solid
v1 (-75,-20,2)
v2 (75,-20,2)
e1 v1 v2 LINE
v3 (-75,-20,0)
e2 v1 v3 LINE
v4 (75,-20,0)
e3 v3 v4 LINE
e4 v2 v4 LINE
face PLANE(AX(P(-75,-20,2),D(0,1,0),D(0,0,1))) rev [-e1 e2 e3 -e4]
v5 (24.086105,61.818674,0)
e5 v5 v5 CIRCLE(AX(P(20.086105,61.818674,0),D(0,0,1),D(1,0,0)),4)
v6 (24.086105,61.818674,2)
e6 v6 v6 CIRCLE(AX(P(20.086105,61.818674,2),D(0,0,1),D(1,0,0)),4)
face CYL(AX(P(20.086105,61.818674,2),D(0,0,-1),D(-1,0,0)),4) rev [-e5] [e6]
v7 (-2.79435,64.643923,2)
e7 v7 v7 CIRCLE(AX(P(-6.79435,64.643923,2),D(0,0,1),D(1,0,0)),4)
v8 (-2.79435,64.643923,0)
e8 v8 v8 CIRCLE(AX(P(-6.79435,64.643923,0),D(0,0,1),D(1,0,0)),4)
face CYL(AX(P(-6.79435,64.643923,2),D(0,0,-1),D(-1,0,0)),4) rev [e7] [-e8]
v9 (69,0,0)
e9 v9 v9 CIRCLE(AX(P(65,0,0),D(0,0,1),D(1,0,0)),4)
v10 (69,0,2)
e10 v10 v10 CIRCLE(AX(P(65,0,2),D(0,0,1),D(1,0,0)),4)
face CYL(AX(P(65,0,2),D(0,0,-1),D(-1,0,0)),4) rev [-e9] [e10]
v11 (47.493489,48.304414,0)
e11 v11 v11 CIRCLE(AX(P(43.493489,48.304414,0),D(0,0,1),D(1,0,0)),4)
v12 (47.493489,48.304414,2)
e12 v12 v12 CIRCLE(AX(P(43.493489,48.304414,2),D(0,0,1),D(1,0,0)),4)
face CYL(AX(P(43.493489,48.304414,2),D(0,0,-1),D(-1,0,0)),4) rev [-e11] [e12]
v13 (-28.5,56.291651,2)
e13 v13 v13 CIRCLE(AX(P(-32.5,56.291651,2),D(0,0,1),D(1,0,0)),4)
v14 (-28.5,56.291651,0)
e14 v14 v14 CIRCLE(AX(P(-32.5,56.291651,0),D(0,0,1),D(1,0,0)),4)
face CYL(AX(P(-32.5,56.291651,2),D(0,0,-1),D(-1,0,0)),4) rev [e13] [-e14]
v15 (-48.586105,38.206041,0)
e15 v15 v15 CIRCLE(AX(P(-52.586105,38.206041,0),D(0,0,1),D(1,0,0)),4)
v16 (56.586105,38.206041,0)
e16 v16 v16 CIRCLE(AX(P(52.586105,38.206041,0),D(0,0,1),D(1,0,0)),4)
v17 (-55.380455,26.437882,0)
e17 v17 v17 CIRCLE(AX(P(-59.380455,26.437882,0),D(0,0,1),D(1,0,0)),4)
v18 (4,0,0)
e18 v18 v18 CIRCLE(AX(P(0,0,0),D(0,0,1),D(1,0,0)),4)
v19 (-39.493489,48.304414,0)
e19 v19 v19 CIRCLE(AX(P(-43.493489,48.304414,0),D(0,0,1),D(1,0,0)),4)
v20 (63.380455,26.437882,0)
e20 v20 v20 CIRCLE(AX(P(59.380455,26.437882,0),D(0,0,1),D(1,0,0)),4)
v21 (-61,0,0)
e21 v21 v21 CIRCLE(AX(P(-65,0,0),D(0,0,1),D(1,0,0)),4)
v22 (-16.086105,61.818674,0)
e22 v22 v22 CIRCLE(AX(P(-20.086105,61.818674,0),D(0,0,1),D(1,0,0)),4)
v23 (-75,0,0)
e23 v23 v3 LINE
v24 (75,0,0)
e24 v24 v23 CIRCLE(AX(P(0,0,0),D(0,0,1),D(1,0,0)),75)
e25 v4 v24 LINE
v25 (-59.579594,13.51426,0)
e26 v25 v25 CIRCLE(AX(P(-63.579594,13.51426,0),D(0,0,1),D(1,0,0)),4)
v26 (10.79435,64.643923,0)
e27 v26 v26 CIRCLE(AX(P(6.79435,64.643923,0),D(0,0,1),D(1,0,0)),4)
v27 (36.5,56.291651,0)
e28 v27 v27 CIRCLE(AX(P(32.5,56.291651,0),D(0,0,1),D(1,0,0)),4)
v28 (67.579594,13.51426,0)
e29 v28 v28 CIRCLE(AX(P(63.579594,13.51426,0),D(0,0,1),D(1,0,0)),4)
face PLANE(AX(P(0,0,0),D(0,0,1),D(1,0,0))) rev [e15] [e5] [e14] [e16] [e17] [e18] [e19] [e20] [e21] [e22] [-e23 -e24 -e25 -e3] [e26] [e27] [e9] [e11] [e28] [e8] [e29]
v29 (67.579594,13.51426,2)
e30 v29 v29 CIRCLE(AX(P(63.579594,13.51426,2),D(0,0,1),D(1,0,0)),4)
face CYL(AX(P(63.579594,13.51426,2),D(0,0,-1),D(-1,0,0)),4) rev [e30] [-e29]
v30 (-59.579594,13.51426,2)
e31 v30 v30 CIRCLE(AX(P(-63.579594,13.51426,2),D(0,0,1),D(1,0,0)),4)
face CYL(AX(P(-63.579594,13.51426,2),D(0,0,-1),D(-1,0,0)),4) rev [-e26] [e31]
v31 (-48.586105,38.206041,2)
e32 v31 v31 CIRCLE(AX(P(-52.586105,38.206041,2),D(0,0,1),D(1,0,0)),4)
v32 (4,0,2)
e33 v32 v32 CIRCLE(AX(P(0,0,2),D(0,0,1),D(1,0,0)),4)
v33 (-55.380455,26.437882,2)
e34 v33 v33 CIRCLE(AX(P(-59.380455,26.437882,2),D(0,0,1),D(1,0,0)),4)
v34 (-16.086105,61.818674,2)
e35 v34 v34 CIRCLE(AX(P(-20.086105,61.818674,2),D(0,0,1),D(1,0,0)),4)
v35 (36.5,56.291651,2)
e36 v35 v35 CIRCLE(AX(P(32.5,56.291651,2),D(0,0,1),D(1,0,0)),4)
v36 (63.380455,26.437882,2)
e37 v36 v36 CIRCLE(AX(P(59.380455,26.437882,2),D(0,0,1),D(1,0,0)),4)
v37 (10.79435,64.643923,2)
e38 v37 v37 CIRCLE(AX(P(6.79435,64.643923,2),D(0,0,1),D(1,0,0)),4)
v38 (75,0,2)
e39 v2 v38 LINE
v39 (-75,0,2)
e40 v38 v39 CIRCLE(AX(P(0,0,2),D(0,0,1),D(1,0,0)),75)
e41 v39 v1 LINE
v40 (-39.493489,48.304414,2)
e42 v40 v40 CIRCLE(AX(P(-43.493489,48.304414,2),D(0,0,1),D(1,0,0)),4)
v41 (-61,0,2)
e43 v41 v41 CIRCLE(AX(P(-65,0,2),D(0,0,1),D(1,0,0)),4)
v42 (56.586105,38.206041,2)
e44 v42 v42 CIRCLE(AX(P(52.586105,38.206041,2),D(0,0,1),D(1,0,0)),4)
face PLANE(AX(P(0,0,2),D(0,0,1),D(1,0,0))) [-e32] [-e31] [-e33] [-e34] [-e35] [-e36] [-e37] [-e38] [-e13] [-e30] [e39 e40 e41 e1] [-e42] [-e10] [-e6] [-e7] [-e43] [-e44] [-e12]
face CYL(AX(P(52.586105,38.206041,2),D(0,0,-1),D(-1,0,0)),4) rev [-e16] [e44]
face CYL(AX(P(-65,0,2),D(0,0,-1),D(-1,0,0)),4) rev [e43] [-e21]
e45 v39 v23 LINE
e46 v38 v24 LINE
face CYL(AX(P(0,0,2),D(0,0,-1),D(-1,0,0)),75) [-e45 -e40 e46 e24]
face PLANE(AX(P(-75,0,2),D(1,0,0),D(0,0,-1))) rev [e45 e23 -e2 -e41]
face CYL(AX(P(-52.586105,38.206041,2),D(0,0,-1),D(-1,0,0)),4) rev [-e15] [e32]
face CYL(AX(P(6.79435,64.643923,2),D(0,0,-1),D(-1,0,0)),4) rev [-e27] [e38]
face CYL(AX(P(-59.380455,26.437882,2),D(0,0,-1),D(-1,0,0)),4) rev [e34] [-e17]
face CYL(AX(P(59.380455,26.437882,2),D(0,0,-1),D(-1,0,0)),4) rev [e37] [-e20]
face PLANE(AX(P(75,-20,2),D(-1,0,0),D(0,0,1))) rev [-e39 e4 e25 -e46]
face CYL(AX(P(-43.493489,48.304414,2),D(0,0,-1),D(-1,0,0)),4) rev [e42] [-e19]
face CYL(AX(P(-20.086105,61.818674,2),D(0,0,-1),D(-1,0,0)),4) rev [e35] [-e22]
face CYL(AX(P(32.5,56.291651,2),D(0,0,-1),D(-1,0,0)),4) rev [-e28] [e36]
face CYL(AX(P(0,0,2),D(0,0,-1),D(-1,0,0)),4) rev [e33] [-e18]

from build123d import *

# Parameters (mm, degrees)
SKETCH1_R           = 4
BOSS_EXTRUDE1_DEPTH = 2


with BuildPart() as part:
    # Sketch1 → Boss-Extrude1 (new body)
    with BuildSketch(Plane.XY):
        with BuildLine():
            Line((-75, 0), (-75, -20))
            Line((-75, -20), (75, -20))
            Line((75, -20), (75, 0))
            ThreePointArc((75, 0), (0, 75), (-75, 0))
        make_face()
        with Locations((-65, 0)):
            Circle(SKETCH1_R, mode=Mode.SUBTRACT)
        Circle(SKETCH1_R, mode=Mode.SUBTRACT)
        with Locations((-63.579594048, 13.514259903)):
            Circle(SKETCH1_R, mode=Mode.SUBTRACT)
        with Locations((-59.380454747, 26.4378818)):
            Circle(SKETCH1_R, mode=Mode.SUBTRACT)
        with Locations((-52.586104634, 38.206041399)):
            Circle(SKETCH1_R, mode=Mode.SUBTRACT)
        with Locations((-43.493489413, 48.304413656)):
            Circle(SKETCH1_R, mode=Mode.SUBTRACT)
        with Locations((-32.5, 56.291651246)):
            Circle(SKETCH1_R, mode=Mode.SUBTRACT)
        with Locations((-20.086104634, 61.818673559)):
            Circle(SKETCH1_R, mode=Mode.SUBTRACT)
        with Locations((-6.794350112, 64.643923199)):
            Circle(SKETCH1_R, mode=Mode.SUBTRACT)
        with Locations((6.794350112, 64.643923199)):
            Circle(SKETCH1_R, mode=Mode.SUBTRACT)
        with Locations((20.086104634, 61.818673559)):
            Circle(SKETCH1_R, mode=Mode.SUBTRACT)
        with Locations((32.5, 56.291651246)):
            Circle(SKETCH1_R, mode=Mode.SUBTRACT)
        with Locations((43.493489413, 48.304413656)):
            Circle(SKETCH1_R, mode=Mode.SUBTRACT)
        with Locations((52.586104634, 38.206041399)):
            Circle(SKETCH1_R, mode=Mode.SUBTRACT)
        with Locations((59.380454747, 26.4378818)):
            Circle(SKETCH1_R, mode=Mode.SUBTRACT)
        with Locations((63.579594048, 13.514259903)):
            Circle(SKETCH1_R, mode=Mode.SUBTRACT)
        with Locations((65, 0)):
            Circle(SKETCH1_R, mode=Mode.SUBTRACT)
    extrude(amount=BOSS_EXTRUDE1_DEPTH)


solid = part.part
